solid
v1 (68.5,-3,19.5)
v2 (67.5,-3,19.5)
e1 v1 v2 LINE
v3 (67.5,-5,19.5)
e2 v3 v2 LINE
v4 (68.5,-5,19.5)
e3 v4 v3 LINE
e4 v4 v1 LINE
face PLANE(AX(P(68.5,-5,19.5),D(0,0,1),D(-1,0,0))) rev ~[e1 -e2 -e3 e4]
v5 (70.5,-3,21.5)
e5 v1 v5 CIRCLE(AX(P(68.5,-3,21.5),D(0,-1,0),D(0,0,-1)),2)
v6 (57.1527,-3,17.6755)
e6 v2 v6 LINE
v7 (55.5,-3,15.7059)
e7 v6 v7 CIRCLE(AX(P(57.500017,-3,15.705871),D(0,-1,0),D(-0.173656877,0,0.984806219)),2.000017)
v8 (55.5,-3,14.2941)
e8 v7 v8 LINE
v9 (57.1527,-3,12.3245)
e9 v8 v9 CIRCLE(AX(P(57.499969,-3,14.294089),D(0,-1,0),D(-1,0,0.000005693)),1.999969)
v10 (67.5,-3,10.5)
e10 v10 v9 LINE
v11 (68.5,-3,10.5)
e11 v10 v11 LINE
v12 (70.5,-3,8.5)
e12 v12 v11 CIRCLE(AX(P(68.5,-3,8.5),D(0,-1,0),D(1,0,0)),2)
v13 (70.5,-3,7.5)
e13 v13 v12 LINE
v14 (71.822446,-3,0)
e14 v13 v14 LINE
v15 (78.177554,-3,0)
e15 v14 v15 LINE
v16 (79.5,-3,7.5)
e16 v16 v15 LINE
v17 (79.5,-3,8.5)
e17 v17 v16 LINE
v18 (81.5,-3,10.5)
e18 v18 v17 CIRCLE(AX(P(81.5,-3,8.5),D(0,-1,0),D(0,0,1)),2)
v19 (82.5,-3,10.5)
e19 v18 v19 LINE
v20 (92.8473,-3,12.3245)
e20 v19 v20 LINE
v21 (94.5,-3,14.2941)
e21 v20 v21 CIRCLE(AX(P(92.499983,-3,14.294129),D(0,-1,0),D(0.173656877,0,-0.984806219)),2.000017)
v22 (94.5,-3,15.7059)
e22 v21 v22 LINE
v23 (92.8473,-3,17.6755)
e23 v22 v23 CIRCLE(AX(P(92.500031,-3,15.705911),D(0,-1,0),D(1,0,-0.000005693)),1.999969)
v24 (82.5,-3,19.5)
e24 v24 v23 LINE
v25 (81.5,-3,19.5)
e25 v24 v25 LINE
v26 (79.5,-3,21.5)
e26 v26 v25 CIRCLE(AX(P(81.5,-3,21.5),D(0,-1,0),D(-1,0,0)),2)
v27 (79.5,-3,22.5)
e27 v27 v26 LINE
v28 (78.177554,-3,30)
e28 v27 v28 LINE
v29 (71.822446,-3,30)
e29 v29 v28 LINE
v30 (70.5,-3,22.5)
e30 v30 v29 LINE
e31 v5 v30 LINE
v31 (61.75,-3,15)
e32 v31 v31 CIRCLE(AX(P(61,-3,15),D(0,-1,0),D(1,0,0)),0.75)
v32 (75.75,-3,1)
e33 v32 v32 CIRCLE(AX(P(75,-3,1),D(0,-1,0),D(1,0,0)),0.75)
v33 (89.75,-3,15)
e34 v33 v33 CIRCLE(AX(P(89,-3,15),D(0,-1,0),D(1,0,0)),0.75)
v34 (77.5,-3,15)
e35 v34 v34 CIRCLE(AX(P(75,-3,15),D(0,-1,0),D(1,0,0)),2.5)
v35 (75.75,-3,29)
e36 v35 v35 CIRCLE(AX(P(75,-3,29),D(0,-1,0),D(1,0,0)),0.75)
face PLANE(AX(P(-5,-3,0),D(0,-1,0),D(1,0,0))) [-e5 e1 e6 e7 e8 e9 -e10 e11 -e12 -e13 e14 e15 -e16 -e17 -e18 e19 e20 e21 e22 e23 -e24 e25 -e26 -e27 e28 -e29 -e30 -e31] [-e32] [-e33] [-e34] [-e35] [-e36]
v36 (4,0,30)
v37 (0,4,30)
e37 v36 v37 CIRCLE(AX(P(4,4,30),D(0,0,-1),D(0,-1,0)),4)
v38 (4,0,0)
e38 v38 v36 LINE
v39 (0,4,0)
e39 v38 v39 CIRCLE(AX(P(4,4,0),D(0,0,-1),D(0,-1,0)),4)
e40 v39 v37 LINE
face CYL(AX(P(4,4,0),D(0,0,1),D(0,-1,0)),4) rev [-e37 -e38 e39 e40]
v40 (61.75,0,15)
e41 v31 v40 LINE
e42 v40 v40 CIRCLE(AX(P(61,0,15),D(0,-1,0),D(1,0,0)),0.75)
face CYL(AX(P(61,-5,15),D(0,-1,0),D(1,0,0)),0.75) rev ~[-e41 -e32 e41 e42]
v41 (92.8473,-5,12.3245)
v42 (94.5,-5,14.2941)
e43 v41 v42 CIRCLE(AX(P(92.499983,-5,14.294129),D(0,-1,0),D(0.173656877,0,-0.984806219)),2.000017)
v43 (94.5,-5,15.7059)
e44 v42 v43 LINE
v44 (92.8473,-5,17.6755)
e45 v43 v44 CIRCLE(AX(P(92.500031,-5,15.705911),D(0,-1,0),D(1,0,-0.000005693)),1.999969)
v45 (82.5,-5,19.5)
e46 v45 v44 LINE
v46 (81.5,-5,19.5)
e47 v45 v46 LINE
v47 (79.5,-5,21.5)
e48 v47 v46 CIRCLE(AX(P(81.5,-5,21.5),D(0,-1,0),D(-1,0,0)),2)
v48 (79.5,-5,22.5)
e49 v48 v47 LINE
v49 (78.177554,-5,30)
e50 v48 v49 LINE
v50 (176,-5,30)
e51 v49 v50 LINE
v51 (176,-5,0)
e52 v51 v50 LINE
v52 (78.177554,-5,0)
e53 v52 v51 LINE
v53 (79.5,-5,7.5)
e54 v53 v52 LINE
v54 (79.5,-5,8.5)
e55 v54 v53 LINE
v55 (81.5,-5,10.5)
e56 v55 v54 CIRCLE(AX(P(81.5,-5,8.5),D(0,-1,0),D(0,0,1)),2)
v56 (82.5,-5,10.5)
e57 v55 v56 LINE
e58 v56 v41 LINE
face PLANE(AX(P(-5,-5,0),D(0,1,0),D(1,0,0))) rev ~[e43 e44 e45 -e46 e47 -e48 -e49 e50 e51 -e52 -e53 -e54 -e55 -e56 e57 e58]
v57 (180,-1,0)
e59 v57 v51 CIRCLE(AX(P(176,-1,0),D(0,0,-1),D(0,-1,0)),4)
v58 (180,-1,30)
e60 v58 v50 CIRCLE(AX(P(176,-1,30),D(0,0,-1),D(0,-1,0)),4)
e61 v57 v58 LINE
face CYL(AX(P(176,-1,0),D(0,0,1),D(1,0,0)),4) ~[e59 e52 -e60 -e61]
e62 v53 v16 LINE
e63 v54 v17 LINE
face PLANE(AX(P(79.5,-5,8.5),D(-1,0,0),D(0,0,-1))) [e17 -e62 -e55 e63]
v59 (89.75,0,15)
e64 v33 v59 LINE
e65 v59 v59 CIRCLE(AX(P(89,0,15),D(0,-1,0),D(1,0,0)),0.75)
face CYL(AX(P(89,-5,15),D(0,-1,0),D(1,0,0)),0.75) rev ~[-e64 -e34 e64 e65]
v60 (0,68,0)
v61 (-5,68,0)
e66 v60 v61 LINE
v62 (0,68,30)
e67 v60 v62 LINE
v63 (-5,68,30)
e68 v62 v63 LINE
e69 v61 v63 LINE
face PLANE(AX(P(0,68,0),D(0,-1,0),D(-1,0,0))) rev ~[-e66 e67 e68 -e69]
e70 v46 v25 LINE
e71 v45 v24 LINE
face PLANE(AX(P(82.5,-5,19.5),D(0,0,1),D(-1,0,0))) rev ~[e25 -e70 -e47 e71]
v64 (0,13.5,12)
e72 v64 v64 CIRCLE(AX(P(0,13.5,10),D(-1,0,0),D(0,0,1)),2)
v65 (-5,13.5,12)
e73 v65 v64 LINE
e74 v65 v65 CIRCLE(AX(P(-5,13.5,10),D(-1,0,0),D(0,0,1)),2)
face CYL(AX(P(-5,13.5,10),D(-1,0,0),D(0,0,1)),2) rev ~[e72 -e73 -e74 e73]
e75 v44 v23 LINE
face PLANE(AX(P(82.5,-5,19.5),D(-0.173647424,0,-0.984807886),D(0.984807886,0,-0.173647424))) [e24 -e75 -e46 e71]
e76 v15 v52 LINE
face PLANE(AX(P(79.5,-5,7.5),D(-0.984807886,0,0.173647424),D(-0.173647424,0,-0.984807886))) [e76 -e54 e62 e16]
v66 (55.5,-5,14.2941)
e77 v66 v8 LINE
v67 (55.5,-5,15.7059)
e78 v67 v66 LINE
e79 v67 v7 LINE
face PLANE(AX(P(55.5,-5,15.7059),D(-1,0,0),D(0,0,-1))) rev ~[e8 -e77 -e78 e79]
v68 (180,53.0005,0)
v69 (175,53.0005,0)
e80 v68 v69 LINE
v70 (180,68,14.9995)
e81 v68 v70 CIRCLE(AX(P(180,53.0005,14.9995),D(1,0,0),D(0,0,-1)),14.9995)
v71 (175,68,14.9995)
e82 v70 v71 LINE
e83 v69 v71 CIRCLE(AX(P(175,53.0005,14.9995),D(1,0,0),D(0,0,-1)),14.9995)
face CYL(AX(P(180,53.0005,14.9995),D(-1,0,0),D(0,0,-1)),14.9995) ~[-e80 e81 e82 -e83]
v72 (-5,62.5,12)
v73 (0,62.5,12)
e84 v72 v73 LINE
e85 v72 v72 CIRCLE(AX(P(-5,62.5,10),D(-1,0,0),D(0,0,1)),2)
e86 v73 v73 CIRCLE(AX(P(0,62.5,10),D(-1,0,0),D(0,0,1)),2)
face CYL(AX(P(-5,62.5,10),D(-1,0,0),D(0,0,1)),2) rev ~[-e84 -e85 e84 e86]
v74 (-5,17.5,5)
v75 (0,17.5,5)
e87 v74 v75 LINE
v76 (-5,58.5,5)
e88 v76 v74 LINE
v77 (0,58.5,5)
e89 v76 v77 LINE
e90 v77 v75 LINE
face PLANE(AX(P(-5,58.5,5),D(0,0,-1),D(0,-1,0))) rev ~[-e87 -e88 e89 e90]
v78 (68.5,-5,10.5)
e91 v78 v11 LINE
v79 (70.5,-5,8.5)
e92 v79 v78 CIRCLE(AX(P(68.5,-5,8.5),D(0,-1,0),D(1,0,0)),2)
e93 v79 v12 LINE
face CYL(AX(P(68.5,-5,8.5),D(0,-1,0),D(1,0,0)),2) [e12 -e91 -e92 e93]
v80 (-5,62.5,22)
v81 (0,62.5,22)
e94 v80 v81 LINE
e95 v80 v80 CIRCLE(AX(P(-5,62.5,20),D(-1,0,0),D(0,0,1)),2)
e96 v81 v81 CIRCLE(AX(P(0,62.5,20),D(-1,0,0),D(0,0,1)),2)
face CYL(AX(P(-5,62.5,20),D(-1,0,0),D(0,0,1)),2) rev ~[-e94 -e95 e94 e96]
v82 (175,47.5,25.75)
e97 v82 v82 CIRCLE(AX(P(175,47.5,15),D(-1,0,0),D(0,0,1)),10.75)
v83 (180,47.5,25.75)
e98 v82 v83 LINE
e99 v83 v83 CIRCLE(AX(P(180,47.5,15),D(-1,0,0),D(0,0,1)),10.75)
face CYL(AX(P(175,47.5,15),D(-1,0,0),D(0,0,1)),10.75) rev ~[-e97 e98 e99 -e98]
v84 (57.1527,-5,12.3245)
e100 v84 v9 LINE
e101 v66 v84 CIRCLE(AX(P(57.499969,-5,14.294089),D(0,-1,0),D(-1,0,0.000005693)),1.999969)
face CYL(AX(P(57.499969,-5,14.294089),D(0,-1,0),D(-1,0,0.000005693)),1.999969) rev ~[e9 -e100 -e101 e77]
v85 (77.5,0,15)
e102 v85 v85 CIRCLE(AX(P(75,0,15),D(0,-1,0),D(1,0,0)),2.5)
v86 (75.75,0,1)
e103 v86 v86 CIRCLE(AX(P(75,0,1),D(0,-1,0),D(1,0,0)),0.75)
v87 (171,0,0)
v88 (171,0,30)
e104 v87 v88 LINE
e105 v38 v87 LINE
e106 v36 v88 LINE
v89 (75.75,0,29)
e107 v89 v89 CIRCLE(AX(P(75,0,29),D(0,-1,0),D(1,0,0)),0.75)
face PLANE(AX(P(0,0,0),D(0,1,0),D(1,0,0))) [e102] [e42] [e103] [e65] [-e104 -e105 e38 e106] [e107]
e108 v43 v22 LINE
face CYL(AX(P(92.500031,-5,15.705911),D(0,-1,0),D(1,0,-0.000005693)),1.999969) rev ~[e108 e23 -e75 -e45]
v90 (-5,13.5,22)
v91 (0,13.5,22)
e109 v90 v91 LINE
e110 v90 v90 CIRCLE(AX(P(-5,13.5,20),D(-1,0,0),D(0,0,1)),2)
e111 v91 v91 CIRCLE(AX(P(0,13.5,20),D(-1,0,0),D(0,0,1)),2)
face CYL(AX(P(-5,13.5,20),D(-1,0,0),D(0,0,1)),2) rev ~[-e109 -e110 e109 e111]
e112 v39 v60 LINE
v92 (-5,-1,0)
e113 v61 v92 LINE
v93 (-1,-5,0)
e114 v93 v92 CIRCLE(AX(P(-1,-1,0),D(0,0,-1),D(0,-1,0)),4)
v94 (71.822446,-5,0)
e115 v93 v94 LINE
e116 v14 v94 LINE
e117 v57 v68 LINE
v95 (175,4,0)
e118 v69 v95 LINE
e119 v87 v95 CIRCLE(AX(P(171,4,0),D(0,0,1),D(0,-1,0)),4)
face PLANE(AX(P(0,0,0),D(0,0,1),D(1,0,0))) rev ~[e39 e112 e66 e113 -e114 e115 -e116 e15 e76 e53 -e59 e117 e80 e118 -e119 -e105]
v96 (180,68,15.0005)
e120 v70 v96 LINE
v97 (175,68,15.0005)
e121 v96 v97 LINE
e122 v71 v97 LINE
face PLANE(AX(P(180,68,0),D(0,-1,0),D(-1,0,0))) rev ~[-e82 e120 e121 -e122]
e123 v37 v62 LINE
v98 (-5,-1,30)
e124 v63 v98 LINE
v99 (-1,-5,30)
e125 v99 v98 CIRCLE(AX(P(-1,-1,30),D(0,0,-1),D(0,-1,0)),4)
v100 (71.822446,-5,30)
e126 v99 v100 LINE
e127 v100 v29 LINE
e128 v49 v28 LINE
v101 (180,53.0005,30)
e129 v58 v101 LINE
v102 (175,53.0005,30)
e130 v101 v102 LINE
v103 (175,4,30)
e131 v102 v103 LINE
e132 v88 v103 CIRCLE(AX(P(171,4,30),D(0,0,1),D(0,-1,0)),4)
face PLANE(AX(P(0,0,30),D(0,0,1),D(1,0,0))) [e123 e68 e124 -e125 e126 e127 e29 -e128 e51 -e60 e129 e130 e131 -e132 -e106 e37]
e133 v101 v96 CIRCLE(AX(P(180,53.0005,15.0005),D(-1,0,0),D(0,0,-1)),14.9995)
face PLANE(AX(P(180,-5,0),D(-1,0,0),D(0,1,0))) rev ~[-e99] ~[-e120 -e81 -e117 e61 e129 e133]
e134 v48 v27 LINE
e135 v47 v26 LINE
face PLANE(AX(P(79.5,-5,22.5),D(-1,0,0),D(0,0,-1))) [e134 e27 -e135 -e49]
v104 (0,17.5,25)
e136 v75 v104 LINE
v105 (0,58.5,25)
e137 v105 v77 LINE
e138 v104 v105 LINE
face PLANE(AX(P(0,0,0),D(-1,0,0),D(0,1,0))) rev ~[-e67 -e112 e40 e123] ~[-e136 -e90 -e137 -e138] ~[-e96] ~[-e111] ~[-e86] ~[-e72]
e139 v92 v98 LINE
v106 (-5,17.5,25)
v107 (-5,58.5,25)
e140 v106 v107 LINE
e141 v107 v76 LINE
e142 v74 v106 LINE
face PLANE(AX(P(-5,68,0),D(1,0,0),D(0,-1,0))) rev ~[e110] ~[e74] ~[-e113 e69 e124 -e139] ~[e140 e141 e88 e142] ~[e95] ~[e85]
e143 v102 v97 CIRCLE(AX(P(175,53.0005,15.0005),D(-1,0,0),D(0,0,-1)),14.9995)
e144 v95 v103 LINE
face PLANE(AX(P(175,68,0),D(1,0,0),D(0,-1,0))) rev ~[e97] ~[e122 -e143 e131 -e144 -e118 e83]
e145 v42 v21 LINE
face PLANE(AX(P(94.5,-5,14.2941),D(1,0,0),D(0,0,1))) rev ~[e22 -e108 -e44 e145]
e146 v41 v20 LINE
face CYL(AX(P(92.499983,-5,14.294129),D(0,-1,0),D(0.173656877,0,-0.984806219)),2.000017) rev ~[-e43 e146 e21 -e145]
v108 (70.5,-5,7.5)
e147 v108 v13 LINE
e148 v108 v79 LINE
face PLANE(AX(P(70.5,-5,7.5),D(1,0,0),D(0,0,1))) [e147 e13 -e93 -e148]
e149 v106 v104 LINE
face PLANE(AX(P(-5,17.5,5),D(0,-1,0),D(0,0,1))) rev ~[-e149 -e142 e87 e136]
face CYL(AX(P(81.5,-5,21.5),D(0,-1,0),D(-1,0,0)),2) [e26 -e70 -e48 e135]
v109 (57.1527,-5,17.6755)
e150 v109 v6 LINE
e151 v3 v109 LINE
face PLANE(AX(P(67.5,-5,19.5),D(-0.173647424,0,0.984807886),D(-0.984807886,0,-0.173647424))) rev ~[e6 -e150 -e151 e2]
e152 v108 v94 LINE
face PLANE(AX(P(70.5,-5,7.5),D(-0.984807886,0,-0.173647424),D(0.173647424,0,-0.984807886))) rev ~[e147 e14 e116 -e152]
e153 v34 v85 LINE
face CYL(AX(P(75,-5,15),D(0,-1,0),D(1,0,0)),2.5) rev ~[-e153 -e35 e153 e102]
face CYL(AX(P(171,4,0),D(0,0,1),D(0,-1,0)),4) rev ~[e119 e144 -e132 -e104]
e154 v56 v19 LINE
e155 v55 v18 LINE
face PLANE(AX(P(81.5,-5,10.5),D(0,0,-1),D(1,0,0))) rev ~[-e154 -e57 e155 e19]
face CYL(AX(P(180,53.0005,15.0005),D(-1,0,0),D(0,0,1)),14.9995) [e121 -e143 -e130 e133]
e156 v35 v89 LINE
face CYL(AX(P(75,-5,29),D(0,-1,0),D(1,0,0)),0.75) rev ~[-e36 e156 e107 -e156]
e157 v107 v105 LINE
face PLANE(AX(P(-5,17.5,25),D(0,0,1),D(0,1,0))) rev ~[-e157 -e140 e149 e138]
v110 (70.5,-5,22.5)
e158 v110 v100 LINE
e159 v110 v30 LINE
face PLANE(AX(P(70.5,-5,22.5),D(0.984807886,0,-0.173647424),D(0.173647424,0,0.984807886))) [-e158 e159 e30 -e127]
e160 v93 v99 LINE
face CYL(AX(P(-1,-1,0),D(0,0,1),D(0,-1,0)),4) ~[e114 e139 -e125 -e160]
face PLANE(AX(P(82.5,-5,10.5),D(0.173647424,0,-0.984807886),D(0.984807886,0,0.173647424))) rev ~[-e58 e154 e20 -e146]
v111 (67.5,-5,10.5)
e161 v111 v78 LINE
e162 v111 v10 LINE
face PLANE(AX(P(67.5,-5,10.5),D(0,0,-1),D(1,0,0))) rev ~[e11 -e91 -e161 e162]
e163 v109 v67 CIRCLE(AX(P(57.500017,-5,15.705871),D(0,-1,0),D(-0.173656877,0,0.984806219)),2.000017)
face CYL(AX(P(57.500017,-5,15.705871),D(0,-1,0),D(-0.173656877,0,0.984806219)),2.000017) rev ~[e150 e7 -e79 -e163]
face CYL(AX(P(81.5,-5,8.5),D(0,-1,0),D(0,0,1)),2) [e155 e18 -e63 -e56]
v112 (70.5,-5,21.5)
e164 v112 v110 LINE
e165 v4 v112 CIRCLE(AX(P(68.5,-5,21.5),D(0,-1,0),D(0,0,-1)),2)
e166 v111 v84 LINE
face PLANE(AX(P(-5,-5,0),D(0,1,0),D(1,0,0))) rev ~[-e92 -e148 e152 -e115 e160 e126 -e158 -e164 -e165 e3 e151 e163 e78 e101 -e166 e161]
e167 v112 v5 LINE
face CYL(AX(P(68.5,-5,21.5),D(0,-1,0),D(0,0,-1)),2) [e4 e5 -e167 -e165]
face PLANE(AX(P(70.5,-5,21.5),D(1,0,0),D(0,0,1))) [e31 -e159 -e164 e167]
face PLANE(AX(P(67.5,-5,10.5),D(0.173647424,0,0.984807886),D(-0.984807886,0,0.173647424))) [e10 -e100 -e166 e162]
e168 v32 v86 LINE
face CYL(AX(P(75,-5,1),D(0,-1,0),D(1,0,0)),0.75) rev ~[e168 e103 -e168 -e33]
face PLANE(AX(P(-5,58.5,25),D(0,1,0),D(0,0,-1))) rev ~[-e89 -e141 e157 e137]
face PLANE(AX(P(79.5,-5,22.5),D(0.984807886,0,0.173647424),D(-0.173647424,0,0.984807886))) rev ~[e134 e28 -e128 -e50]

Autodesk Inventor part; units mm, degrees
ref_plane "YZ Plane" through (0, 0, 0) normal (1, 0, 0) x (0, 1, 0)
ref_plane "XZ Plane" through (0, 0, 0) normal (0, 1, 0) x (-1, 0, 0)
ref_plane "XY Plane" through (0, 0, 0) normal (0, 0, 1) x (1, 0, 0)
sketch "Sketch1" plane through (0, 0, 0) normal (0, 0, 1) x (1, 0, 0)
  line L0 (0, 0) -> (175, 0)
  line L1 (0, 0) -> (0, 68)
  line L2 (0, 68) -> (-5, 68)
  line L3 (-5, 68) -> (-5, -5)
  line L4 (-5, -5) -> (180, -5)
  line L5 (180, -5) -> (180, 68)
  line L6 (180, 68) -> (175, 68)
  line L7 (175, 68) -> (175, 0)
  dimension "d0" = 175
  dimension "d1" = 68
  dimension "d2" = 5
  dimension "d3" = 73
  dimension "d4" = 185
  dimension "d5" = 73
  dimension "d6" = 5
extrude "Outline" add sketch "Sketch1" along normal blind 30
sketch "Sketch2" plane through (-5, -5, 0) normal (-1, 0, 0) x (0, 0, 1)
  line L0 (0, 73) -> (30, 73) construction
  line L1 (15, 73) -> (15, 43) construction
  line L2 (5, 22.5) -> (25, 22.5)
  line L3 (25, 22.5) -> (25, 63.5)
  line L4 (25, 63.5) -> (5, 63.5)
  line L5 (5, 63.5) -> (5, 22.5)
  line L6 (5, 22.5) -> (25, 63.5) construction
  line L7 (25, 22.5) -> (5, 63.5) construction
  line L8 (5, 63.5) -> (5, 67.5) construction
  line L9 (5, 67.5) -> (10, 67.5) construction
  line L10 (25, 63.5) -> (25, 67.5) construction
  line L11 (25, 67.5) -> (20, 67.5) construction
  line L12 (5, 22.5) -> (5, 18.5) construction
  line L13 (5, 18.5) -> (10, 18.5) construction
  line L14 (25, 22.5) -> (25, 18.5) construction
  line L15 (25, 18.5) -> (20, 18.5) construction
  circle A0 centre (10, 67.5) radius 2
  circle A1 centre (20, 67.5) radius 2
  circle A2 centre (10, 18.5) radius 2
  circle A3 centre (20, 18.5) radius 2
  point P0 (0, 5)
  dimension "d9" = 30
  dimension "d10" = 20
  dimension "d11" = 41
  dimension "d12" = 4
  dimension "d13" = 5
  dimension "d14" = 4
  dimension "d15" = 5
  dimension "d16" = 4
  dimension "d17" = 5
  dimension "d18" = 4
  dimension "d19" = 5
  dimension "d20" = 4
  dimension "d21" = 4
  dimension "d22" = 4
  dimension "d23" = 4
extrude "Servo Mount" cut sketch "Sketch2" against normal blind 10
sketch "Sketch3" plane through (175, 0, 0) normal (-1, 0, 0) x (0, 0, 1)
  line L0 (5, 58.5) -> (25, 58.5) construction
  line L1 (15, 58.5) -> (15, 47.5) construction
  circle A0 centre (15, 47.5) radius 10.75
  point P0 (0, 0)
  dimension "d26" = 11
  dimension "d27" = 21.5
extrude "Idler Mount" cut sketch "Sketch3" against normal blind 14.5
sketch "Sketch4" plane through (-5, -5, 0) normal (0, -1, 0) x (1, 0, 0)
  line L0 (0, 25) -> (0, 5) construction
  line L1 (99.5, 14.2941) -> (99.5, 15.7059)
  line L2 (60.5, 15.7059) -> (60.5, 14.2941)
  line L3 (79.2941, 34.5) -> (80.7059, 34.5)
  line L4 (80.7059, -4.5) -> (79.2941, -4.5)
  line L5 (84.5, 22.5) -> (84.5, 21.5)
  line L6 (84.5, 8.5) -> (84.5, 7.5)
  line L7 (75.5, 7.5) -> (75.5, 8.5)
  line L8 (75.5, 21.5) -> (75.5, 22.5)
  line L9 (72.5, 10.5) -> (73.5, 10.5)
  line L10 (86.5, 10.5) -> (87.5, 10.5)
  line L11 (87.5, 19.5) -> (86.5, 19.5)
  line L12 (73.5, 19.5) -> (72.5, 19.5)
  arc A0 (73.5, 19.5) -> (75.5, 21.5) centre (73.5, 21.5) ccw
  arc A1 (84.5, 21.5) -> (86.5, 19.5) centre (86.5, 21.5) ccw
  arc A2 (86.5, 10.5) -> (84.5, 8.5) centre (86.5, 8.5) ccw
  arc A3 (75.5, 8.5) -> (73.5, 10.5) centre (73.5, 8.5) ccw
  line L13 (84.5, 22.5) -> (82.6755, 32.8473)
  line L14 (75.5, 22.5) -> (77.3245, 32.8473)
  line L15 (87.5, 10.5) -> (97.8473, 12.3245)
  line L16 (87.5, 19.5) -> (97.8473, 17.6755)
  line L17 (72.5, 19.5) -> (62.1527, 17.6755)
  line L18 (72.5, 10.5) -> (62.1527, 12.3245)
  line L19 (75.5, 7.5) -> (77.3245, -2.8473)
  line L20 (84.5, 7.5) -> (82.6755, -2.8473)
  arc A4 (62.1527, 17.6755) -> (60.5, 15.7059) centre (62.5, 15.7059) ccw
  arc A5 (60.5, 14.2941) -> (62.1527, 12.3245) centre (62.5, 14.2941) ccw
  arc A6 (79.2941, 34.5) -> (77.3245, 32.8473) centre (79.2941, 32.5) ccw
  arc A7 (82.6755, 32.8473) -> (80.7059, 34.5) centre (80.7059, 32.5) ccw
  arc A8 (99.5, 15.7059) -> (97.8473, 17.6755) centre (97.5, 15.7059) ccw
  arc A9 (97.8473, 12.3245) -> (99.5, 14.2941) centre (97.5, 14.2941) ccw
  arc A10 (77.3245, -2.8473) -> (79.2941, -4.5) centre (79.2941, -2.5) ccw
  arc A11 (80.7059, -4.5) -> (82.6755, -2.8473) centre (80.7059, -2.5) ccw
  line L21 (80, 15) -> (66, 15) construction
  line L22 (80, 15) -> (80, 29) construction
  line L23 (80, 15) -> (94, 15) construction
  line L24 (80, 15) -> (80, 1) construction
  circle A12 centre (80, 29) radius 0.75
  circle A13 centre (66, 15) radius 0.75
  circle A14 centre (94, 15) radius 0.75
  circle A15 centre (80, 1) radius 0.75
  circle A16 centre (80, 15) radius 2.5
  point P0 (5, 0)
  dimension "d35" = 2
  dimension "d37" = 10
  dimension "d39" = 10
  dimension "d41" = 10
  dimension "d43" = 10
  dimension "d45" = 10
  dimension "d47" = 10
  dimension "d49" = 10
  dimension "d51" = 10
  dimension "d52" = 2
  dimension "d53" = 2
  dimension "d54" = 80
  dimension "d55" = 6.5
  dimension "d56" = 6.5
  dimension "d57" = 14
  dimension "d58" = 14
  dimension "d59" = 14
  dimension "d60" = 14
  dimension "d61" = 1.5
  dimension "d62" = 1.5
  dimension "d63" = 1.5
  dimension "d64" = 1.5
  dimension "d70" = 5
extrude "Bottom Servo indent" cut sketch "Sketch4" against normal blind 2 contours A9 L15 L10 A2 L6 L20 A11 L4 A10 L19 L7 A3 L9 L18 A5 L2 A4 L17 L12 A0 L8 L14 A6 L3 A7 L13 L5 A1 L11 L16 A8 L1 | A16
extrude "Bottom Servo Mounting Holse" cut sketch "Sketch4" against normal blind 22 contours A12 | A13 | A14 | A15 | A16
fillet "Strengthening Fillet" radius 4 4 edges at (0, 0, 15) (175, 0, 15) (-5, -5, 15) (180, -5, 15)
fillet "Rounded Idler Post" radius 15 2 edges at (177.5, 68, 0) (177.5, 68, 30)
equation "\"d3\" = d1 + d2"
equation "\"d4\" = d0 + 2 * d2"
equation "\"d5\" = d3"
equation "\"d6\" = d2"
equation "\"d14\" = d12"
equation "\"d15\" = d13"
equation "\"d16\" = d12"
equation "\"d17\" = d13"
equation "\"d18\" = d12"
equation "\"d19\" = d13"
equation "\"d39\" = d37"
equation "\"d41\" = d37"
equation "\"d43\" = d37"
equation "\"d45\" = d37"
equation "\"d47\" = d37"
equation "\"d49\" = d37"
equation "\"d51\" = d37"
equation "\"d58\" = d57"
equation "\"d59\" = d57"
equation "\"d60\" = d57"
equation "\"d62\" = d61"
equation "\"d63\" = d61"
equation "\"d64\" = d61"
properties part number "outerGantry" material "PET Plastic"
